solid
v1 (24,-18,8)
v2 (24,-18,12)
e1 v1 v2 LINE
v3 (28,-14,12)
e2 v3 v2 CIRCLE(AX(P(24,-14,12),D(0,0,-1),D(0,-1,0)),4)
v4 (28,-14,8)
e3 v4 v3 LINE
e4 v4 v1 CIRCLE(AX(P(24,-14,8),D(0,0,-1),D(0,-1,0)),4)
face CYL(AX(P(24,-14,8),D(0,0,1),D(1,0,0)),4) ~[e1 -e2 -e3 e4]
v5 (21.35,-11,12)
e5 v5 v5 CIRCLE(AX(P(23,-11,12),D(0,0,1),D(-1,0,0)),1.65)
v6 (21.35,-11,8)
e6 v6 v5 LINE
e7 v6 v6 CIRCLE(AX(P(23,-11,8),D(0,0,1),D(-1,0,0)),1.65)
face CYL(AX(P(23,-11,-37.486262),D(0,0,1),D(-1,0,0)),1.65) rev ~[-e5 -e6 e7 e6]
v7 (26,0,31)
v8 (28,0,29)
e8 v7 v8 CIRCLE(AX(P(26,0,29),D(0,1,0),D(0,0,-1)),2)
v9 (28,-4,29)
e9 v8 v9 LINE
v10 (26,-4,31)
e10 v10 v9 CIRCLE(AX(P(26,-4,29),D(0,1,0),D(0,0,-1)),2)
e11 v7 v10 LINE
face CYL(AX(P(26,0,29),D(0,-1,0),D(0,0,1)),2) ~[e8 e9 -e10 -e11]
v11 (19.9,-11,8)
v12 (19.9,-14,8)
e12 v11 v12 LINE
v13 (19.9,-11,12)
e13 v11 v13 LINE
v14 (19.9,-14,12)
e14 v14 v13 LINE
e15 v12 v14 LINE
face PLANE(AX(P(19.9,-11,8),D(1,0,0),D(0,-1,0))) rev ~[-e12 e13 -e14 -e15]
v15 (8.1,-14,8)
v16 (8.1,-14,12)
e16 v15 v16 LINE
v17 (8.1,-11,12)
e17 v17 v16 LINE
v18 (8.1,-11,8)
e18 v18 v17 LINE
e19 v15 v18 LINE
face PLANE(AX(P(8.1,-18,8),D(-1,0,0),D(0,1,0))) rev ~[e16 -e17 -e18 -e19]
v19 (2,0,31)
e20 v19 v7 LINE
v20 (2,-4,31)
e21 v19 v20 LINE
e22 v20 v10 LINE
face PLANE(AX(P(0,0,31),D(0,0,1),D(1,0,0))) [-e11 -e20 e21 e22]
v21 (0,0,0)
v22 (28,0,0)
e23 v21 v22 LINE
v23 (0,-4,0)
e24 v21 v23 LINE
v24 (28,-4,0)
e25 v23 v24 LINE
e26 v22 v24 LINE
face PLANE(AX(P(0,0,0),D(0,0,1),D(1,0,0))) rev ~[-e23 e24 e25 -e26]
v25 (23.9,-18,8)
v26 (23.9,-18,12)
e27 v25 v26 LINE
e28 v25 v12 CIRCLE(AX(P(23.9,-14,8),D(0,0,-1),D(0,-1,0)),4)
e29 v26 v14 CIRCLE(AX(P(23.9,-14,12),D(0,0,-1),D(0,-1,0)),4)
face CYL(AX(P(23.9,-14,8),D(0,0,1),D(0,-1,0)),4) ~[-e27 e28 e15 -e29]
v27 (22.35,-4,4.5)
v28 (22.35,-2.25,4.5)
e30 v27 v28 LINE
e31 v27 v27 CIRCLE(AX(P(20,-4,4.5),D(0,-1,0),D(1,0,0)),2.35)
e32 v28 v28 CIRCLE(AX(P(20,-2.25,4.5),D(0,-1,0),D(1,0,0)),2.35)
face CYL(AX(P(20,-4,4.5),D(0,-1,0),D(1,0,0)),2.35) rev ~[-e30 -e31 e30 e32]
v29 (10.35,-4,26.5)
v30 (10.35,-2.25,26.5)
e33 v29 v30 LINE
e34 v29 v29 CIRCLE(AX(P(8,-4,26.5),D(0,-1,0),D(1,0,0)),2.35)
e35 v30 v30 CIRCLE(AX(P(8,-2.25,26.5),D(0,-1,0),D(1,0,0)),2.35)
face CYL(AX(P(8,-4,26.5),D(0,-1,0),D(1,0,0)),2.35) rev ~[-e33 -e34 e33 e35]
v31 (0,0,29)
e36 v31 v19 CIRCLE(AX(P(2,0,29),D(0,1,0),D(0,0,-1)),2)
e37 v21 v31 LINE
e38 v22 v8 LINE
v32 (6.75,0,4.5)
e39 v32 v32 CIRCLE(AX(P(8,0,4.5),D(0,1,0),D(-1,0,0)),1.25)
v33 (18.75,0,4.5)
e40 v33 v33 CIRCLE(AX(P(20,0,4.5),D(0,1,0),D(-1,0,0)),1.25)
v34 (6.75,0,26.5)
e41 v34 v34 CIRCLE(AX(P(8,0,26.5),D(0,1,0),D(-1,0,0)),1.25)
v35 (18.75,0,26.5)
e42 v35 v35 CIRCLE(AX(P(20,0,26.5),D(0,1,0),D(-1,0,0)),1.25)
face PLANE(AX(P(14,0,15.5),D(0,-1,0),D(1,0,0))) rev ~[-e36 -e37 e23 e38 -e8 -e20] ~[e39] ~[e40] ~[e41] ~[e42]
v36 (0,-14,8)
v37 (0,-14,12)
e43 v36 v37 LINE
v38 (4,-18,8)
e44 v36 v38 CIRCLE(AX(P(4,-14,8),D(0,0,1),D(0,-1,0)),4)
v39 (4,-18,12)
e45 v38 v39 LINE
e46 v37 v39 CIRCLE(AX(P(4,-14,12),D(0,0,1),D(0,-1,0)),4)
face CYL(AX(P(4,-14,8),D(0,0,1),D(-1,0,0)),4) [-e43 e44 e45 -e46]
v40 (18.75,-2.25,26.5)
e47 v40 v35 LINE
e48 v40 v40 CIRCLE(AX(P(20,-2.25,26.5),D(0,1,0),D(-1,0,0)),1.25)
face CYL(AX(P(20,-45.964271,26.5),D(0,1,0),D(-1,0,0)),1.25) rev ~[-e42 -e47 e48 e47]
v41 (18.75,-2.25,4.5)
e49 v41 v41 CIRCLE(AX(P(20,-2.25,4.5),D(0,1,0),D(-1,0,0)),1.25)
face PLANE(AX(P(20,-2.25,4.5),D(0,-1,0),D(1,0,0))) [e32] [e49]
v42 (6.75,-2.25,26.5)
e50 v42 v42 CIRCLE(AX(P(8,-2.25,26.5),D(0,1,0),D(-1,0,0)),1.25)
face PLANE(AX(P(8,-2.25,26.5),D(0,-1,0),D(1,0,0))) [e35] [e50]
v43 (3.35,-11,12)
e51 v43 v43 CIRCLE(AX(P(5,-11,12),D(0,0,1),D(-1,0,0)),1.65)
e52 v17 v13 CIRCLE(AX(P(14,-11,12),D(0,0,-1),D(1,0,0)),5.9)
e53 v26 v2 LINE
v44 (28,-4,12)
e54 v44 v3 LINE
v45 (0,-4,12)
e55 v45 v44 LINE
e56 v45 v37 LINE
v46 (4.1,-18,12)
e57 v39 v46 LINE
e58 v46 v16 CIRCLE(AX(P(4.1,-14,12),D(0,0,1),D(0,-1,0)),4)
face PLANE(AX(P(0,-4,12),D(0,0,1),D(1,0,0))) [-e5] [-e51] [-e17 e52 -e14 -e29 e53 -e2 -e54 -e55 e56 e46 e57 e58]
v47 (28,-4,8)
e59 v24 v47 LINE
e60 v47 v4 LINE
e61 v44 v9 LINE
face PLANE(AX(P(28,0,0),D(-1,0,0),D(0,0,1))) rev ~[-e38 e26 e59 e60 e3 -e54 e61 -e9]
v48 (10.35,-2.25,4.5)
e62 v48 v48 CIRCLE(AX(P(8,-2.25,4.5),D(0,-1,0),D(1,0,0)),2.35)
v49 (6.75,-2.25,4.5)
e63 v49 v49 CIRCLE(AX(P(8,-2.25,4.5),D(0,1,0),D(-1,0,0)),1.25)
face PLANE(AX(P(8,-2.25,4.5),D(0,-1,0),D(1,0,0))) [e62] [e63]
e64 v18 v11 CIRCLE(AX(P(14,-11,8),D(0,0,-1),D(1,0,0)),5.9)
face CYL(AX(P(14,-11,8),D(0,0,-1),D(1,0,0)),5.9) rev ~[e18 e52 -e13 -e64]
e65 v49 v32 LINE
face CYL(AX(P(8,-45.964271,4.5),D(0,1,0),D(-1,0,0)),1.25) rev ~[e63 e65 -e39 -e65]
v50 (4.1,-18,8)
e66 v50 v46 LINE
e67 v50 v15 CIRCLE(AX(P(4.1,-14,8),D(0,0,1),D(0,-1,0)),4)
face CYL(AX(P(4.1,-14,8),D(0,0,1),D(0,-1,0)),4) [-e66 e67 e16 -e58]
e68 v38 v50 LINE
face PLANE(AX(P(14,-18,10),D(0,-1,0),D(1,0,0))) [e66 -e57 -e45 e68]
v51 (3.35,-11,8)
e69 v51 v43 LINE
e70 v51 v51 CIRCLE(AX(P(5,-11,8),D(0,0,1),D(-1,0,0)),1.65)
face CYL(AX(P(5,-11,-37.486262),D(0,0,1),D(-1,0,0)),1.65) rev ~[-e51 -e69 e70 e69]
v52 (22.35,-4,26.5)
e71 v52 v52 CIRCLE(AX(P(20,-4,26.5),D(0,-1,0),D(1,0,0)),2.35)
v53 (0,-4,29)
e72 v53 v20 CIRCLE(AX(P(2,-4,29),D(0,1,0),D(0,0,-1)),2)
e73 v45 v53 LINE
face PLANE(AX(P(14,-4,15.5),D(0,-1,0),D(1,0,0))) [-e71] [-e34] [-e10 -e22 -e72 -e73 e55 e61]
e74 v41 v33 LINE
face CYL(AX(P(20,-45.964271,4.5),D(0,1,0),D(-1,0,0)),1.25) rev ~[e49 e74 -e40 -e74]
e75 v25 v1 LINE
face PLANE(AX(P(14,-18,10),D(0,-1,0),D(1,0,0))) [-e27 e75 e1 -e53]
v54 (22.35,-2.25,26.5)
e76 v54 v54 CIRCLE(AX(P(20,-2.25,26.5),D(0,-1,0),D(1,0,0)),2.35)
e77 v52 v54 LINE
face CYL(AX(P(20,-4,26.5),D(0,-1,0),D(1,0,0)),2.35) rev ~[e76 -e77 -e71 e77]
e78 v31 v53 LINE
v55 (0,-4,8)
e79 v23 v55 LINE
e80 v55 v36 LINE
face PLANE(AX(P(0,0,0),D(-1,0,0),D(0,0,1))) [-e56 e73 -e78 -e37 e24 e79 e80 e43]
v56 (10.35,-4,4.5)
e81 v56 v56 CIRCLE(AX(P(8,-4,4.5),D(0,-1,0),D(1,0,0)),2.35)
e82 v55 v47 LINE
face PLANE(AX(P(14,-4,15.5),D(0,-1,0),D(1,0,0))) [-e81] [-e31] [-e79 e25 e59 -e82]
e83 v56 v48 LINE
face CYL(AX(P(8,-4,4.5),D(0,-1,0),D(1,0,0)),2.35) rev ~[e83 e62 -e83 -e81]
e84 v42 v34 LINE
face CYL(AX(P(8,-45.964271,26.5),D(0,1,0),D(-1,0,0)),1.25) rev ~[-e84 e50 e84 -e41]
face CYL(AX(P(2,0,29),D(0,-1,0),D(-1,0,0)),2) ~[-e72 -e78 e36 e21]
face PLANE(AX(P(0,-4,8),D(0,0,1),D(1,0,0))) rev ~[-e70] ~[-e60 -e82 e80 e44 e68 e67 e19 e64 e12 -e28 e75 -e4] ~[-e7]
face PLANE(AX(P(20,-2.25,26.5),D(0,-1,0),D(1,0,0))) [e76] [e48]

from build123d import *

# Parameters (mm, degrees)
F0_W      = 28
F0_H      = 31
F1_DEPTH  = 4
F3_D      = 2.5
F2_W      = 28
F2_H      = 4
F4_DEPTH  = 14
F6_DEPTH  = 25
F7_D      = 3.3
F8_R      = 4
F9_R      = 2
F2_R      = 2.35
F10_DEPTH = 1.75


with BuildPart() as f1:
    # F0 (on Front) → F1 (new body)
    with BuildSketch(Plane.XZ):
        with Locations((14, 15.5)):
            Rectangle(F0_W, F0_H)
    extrude(amount=F1_DEPTH)

    # F3 (through all)
    with Locations(Plane.XZ.offset(4)):
        with Locations((8, 26.5), (20, 26.5), (20, 4.5), (8, 4.5)):
            Hole(F3_D / 2)

    # F2 (on face) → F4 (join)
    with BuildSketch(Plane.XZ.offset(4)):
        with Locations((14, 10)):
            Rectangle(F2_W, F2_H)
    extrude(amount=F4_DEPTH)

    # F5 (on face) → F6 (cut)
    with BuildSketch(Plane(origin=(0, 0, 8), x_dir=(1, 0, 0), z_dir=(0, 0, -1))):
        with BuildLine():
            ThreePointArc((8.1, 11), (14, 16.9), (19.9, 11))
            Line((19.9, 11), (19.9, 18))
            Line((19.9, 18), (8.1, 18))
            Line((8.1, 18), (8.1, 11))
        make_face()
        with BuildLine():
            ThreePointArc((8.1, 11), (14, 5.1), (19.9, 11))
            ThreePointArc((19.9, 11), (14, 16.9), (8.1, 11))
        make_face()
    extrude(amount=-F6_DEPTH, mode=Mode.SUBTRACT)

    # F7 (through all)
    with Locations(Plane(origin=(0, 0, 8), x_dir=(1, 0, 0), z_dir=(0, 0, -1))):
        with Locations((5, 11), (23, 11)):
            Hole(F7_D / 2)

    # F8
    f8_edges = [f1.edges().sort_by_distance(p)[0] for p in [
        (28, -18, 10),
        (19.9, -18, 10),
        (8.1, -18, 10),
        (0, -18, 10),
    ]]
    fillet(f8_edges, radius=F8_R)

    # F9
    f9_edges = [f1.edges().sort_by_distance(p)[0] for p in [
        (28, -2, 31),
        (0, -2, 31),
    ]]
    fillet(f9_edges, radius=F9_R)

    # F2 (on face) → F10 (cut)
    with BuildSketch(Plane.XZ.offset(4)):
        with Locations((8, 26.5)):
            Circle(F2_R)
        with Locations((20, 26.5)):
            Circle(F2_R)
        with Locations((20, 4.5)):
            Circle(F2_R)
        with Locations((8, 4.5)):
            Circle(F2_R)
    extrude(amount=-F10_DEPTH, mode=Mode.SUBTRACT)


solid = f1.part
